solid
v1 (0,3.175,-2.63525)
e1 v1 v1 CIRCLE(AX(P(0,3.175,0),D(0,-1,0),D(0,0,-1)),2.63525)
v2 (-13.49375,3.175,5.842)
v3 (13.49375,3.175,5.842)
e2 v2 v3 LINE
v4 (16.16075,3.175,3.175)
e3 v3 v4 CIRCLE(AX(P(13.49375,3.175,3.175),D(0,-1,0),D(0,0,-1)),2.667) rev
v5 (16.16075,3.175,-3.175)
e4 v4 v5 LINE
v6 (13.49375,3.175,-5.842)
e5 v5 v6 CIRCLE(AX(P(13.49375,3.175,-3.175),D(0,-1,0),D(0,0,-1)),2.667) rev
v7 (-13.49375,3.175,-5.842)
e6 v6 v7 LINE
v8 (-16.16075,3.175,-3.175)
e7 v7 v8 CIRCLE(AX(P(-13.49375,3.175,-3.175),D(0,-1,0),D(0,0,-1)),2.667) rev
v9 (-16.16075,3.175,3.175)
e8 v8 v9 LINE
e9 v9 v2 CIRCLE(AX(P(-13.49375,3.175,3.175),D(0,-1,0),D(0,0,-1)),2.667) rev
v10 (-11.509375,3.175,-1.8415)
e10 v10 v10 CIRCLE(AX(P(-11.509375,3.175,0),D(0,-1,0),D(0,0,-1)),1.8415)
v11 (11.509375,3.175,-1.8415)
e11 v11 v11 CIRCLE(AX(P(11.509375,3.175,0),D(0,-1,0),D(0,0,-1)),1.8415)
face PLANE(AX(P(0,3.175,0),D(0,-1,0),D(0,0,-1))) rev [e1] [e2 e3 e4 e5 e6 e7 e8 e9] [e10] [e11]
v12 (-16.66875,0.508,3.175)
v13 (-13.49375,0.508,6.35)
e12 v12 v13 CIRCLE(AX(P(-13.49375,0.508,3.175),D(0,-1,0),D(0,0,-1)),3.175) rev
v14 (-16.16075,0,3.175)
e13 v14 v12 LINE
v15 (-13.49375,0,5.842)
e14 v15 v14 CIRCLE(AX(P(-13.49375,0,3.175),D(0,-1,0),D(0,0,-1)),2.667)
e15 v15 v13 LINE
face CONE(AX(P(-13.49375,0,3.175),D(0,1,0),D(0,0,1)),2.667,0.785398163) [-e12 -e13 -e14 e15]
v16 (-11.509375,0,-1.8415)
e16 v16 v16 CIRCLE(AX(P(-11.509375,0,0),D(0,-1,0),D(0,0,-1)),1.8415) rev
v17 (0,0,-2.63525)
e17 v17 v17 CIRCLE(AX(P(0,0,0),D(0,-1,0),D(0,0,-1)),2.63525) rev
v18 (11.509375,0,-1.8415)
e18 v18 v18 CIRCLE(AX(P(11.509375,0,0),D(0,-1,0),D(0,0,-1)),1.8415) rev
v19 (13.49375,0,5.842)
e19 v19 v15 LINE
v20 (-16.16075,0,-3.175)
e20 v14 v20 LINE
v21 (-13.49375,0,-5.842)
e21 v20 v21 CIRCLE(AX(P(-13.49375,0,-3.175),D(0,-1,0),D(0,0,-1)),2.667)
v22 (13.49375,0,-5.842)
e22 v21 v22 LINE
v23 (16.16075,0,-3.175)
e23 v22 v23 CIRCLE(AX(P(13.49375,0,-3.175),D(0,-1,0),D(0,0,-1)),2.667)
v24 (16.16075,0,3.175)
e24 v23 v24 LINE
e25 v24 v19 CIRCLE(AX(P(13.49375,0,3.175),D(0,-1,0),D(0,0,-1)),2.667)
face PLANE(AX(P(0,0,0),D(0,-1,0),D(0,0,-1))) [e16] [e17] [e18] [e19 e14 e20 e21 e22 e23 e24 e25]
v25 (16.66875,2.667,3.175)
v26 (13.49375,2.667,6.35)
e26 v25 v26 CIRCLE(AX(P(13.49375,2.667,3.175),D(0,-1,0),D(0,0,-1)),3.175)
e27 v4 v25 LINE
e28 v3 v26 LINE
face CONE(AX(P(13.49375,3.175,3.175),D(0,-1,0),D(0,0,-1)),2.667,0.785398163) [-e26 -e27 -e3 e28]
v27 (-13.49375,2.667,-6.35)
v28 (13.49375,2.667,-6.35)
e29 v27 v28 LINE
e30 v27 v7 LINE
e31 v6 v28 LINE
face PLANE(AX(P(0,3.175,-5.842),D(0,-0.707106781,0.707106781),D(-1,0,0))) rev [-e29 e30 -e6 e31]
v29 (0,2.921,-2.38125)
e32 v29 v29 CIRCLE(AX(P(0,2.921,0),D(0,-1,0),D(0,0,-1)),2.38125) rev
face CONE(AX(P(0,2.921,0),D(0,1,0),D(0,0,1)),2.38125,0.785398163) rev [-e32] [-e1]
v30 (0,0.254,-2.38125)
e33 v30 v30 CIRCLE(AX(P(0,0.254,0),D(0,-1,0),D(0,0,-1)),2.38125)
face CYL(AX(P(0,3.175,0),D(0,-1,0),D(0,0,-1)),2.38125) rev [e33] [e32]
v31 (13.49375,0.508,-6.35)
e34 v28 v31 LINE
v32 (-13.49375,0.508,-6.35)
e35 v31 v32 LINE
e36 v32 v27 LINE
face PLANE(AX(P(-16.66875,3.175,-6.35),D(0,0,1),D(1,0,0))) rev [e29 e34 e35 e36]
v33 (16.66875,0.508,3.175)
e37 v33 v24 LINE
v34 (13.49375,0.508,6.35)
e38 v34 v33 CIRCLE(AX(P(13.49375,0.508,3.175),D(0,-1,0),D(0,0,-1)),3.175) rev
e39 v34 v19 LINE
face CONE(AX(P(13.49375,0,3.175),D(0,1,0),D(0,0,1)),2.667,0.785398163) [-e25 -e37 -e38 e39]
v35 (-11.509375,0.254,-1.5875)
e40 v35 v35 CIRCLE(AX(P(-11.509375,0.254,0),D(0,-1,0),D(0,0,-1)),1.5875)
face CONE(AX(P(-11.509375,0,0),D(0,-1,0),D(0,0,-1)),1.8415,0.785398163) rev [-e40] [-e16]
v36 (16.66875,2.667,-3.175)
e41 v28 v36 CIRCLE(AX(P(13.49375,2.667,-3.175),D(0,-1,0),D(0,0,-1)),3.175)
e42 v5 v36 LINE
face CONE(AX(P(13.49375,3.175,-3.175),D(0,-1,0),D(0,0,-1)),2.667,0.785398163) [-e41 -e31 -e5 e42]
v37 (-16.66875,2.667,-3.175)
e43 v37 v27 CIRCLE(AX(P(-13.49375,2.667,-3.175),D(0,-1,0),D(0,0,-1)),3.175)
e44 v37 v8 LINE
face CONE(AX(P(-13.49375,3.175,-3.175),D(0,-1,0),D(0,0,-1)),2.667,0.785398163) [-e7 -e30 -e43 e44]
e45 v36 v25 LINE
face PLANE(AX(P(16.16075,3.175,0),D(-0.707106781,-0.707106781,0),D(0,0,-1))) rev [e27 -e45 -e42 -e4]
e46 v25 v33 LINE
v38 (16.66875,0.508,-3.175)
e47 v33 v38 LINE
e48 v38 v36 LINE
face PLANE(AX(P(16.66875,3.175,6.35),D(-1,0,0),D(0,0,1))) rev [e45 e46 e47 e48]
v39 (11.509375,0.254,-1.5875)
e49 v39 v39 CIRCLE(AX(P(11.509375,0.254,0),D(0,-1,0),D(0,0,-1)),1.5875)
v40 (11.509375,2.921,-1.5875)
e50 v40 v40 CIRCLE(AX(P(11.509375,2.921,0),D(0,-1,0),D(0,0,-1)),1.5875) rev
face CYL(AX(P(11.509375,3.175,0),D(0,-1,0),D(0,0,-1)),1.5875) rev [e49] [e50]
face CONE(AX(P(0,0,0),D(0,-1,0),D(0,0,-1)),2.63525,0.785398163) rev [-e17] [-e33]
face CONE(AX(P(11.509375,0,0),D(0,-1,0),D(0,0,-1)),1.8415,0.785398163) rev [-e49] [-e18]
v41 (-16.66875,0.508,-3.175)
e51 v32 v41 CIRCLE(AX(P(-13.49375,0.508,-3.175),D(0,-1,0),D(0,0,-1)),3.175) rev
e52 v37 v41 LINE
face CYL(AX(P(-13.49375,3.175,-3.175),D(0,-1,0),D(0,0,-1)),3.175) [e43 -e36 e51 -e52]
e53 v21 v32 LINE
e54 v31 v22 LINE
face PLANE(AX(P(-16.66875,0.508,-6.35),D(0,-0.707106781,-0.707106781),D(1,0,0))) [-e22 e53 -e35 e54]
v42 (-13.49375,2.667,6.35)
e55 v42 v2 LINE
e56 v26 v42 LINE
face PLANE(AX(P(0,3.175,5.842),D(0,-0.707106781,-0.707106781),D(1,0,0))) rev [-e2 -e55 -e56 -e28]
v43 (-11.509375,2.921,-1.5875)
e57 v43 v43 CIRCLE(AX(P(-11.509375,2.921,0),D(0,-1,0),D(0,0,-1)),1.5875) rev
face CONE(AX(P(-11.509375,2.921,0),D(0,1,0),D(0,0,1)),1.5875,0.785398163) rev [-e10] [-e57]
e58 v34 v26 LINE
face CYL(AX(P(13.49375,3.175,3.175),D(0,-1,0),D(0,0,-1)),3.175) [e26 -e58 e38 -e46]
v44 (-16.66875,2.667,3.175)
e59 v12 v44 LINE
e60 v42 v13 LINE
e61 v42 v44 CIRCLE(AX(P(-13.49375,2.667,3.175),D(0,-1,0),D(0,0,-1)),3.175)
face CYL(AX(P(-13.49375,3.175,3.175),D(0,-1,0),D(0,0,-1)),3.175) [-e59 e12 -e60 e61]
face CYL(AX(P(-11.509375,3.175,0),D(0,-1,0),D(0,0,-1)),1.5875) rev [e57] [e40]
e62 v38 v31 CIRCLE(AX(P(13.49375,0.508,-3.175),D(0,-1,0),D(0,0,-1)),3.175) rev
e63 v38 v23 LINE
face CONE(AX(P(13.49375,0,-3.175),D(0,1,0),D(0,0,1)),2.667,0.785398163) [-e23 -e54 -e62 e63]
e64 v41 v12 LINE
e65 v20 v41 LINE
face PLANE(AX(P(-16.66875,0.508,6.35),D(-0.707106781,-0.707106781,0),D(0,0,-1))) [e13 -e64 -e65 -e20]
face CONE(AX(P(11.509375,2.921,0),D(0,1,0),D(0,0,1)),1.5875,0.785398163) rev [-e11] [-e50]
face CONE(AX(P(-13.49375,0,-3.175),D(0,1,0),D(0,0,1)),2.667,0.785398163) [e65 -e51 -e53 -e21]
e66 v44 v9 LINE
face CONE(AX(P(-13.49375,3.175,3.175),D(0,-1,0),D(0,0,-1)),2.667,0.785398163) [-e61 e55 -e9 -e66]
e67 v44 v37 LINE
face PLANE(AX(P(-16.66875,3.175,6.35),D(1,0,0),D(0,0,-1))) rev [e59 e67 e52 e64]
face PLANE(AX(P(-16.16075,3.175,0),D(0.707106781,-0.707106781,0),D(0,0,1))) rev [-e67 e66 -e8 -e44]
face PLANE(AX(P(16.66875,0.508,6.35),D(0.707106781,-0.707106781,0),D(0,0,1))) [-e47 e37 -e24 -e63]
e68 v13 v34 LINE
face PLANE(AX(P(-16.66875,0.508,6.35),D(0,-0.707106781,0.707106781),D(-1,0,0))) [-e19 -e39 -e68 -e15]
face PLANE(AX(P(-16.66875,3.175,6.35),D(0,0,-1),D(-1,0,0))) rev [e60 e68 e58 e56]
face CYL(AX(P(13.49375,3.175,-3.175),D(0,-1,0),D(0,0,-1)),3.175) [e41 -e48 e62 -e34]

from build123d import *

# Parameters (mm, degrees)
SKETCH1_W           = 33.3375
SKETCH1_H           = 12.7
SKETCH1_R           = 1.5875
SKETCH1_R_2         = 2.38125
BOSS_EXTRUDE1_DEPTH = 3.175
FILLET1_R           = 3.175
CHAMFER2_SIZE       = 0.508
CHAMFER1_SIZE       = 0.254


with BuildPart() as part:
    # Sketch1 → Boss-Extrude1 (new body)
    with BuildSketch(Plane(origin=(0, 0, 0), x_dir=(1, 0, 0), z_dir=(0, 1, 0))):
        Rectangle(SKETCH1_W, SKETCH1_H)
        with Locations((-11.509375, 0)):
            Circle(SKETCH1_R, mode=Mode.SUBTRACT)
        with Locations((11.509375, 0)):
            Circle(SKETCH1_R, mode=Mode.SUBTRACT)
        Circle(SKETCH1_R_2, mode=Mode.SUBTRACT)
    extrude(amount=BOSS_EXTRUDE1_DEPTH)

    # Fillet1
    fillet1_edges = [part.edges().sort_by_distance(p)[0] for p in [
        (16.66875, 1.5875, 6.35),
        (-16.66875, 1.5875, 6.35),
        (-16.66875, 1.5875, -6.35),
        (16.66875, 1.5875, -6.35),
    ]]
    fillet(fillet1_edges, radius=FILLET1_R)

    # Chamfer2
    chamfer2_edges = [part.edges().sort_by_distance(p)[0] for p in [
        (16.66875, 0, 0),
        (16.66875, 3.175, 0),
        (0, 0, 6.35),
        (-16.66875, 0, 0),
        (0, 0, -6.35),
        (-15.73881403, 0, 5.42006403),
        (15.73881403, 0, -5.42006403),
        (-15.73881403, 0, -5.42006403),
        (15.73881403, 0, 5.42006403),
        (0, 3.175, 6.35),
        (0, 3.175, -6.35),
        (-16.66875, 3.175, 0),
        (-15.73881403, 3.175, 5.42006403),
        (15.73881403, 3.175, -5.42006403),
        (-15.73881403, 3.175, -5.42006403),
        (15.73881403, 3.175, 5.42006403),
    ]]
    chamfer(chamfer2_edges, length=CHAMFER2_SIZE)

    # Chamfer1
    chamfer1_edges = [part.edges().sort_by_distance(p)[0] for p in [
        (-13.096875, 0, 0),
        (-13.096875, 3.175, 0),
        (9.921875, 0, 0),
        (9.921875, 3.175, 0),
        (-2.38125, 0, 0),
        (-2.38125, 3.175, 0),
    ]]
    chamfer(chamfer1_edges, length=CHAMFER1_SIZE)


solid = part.part
